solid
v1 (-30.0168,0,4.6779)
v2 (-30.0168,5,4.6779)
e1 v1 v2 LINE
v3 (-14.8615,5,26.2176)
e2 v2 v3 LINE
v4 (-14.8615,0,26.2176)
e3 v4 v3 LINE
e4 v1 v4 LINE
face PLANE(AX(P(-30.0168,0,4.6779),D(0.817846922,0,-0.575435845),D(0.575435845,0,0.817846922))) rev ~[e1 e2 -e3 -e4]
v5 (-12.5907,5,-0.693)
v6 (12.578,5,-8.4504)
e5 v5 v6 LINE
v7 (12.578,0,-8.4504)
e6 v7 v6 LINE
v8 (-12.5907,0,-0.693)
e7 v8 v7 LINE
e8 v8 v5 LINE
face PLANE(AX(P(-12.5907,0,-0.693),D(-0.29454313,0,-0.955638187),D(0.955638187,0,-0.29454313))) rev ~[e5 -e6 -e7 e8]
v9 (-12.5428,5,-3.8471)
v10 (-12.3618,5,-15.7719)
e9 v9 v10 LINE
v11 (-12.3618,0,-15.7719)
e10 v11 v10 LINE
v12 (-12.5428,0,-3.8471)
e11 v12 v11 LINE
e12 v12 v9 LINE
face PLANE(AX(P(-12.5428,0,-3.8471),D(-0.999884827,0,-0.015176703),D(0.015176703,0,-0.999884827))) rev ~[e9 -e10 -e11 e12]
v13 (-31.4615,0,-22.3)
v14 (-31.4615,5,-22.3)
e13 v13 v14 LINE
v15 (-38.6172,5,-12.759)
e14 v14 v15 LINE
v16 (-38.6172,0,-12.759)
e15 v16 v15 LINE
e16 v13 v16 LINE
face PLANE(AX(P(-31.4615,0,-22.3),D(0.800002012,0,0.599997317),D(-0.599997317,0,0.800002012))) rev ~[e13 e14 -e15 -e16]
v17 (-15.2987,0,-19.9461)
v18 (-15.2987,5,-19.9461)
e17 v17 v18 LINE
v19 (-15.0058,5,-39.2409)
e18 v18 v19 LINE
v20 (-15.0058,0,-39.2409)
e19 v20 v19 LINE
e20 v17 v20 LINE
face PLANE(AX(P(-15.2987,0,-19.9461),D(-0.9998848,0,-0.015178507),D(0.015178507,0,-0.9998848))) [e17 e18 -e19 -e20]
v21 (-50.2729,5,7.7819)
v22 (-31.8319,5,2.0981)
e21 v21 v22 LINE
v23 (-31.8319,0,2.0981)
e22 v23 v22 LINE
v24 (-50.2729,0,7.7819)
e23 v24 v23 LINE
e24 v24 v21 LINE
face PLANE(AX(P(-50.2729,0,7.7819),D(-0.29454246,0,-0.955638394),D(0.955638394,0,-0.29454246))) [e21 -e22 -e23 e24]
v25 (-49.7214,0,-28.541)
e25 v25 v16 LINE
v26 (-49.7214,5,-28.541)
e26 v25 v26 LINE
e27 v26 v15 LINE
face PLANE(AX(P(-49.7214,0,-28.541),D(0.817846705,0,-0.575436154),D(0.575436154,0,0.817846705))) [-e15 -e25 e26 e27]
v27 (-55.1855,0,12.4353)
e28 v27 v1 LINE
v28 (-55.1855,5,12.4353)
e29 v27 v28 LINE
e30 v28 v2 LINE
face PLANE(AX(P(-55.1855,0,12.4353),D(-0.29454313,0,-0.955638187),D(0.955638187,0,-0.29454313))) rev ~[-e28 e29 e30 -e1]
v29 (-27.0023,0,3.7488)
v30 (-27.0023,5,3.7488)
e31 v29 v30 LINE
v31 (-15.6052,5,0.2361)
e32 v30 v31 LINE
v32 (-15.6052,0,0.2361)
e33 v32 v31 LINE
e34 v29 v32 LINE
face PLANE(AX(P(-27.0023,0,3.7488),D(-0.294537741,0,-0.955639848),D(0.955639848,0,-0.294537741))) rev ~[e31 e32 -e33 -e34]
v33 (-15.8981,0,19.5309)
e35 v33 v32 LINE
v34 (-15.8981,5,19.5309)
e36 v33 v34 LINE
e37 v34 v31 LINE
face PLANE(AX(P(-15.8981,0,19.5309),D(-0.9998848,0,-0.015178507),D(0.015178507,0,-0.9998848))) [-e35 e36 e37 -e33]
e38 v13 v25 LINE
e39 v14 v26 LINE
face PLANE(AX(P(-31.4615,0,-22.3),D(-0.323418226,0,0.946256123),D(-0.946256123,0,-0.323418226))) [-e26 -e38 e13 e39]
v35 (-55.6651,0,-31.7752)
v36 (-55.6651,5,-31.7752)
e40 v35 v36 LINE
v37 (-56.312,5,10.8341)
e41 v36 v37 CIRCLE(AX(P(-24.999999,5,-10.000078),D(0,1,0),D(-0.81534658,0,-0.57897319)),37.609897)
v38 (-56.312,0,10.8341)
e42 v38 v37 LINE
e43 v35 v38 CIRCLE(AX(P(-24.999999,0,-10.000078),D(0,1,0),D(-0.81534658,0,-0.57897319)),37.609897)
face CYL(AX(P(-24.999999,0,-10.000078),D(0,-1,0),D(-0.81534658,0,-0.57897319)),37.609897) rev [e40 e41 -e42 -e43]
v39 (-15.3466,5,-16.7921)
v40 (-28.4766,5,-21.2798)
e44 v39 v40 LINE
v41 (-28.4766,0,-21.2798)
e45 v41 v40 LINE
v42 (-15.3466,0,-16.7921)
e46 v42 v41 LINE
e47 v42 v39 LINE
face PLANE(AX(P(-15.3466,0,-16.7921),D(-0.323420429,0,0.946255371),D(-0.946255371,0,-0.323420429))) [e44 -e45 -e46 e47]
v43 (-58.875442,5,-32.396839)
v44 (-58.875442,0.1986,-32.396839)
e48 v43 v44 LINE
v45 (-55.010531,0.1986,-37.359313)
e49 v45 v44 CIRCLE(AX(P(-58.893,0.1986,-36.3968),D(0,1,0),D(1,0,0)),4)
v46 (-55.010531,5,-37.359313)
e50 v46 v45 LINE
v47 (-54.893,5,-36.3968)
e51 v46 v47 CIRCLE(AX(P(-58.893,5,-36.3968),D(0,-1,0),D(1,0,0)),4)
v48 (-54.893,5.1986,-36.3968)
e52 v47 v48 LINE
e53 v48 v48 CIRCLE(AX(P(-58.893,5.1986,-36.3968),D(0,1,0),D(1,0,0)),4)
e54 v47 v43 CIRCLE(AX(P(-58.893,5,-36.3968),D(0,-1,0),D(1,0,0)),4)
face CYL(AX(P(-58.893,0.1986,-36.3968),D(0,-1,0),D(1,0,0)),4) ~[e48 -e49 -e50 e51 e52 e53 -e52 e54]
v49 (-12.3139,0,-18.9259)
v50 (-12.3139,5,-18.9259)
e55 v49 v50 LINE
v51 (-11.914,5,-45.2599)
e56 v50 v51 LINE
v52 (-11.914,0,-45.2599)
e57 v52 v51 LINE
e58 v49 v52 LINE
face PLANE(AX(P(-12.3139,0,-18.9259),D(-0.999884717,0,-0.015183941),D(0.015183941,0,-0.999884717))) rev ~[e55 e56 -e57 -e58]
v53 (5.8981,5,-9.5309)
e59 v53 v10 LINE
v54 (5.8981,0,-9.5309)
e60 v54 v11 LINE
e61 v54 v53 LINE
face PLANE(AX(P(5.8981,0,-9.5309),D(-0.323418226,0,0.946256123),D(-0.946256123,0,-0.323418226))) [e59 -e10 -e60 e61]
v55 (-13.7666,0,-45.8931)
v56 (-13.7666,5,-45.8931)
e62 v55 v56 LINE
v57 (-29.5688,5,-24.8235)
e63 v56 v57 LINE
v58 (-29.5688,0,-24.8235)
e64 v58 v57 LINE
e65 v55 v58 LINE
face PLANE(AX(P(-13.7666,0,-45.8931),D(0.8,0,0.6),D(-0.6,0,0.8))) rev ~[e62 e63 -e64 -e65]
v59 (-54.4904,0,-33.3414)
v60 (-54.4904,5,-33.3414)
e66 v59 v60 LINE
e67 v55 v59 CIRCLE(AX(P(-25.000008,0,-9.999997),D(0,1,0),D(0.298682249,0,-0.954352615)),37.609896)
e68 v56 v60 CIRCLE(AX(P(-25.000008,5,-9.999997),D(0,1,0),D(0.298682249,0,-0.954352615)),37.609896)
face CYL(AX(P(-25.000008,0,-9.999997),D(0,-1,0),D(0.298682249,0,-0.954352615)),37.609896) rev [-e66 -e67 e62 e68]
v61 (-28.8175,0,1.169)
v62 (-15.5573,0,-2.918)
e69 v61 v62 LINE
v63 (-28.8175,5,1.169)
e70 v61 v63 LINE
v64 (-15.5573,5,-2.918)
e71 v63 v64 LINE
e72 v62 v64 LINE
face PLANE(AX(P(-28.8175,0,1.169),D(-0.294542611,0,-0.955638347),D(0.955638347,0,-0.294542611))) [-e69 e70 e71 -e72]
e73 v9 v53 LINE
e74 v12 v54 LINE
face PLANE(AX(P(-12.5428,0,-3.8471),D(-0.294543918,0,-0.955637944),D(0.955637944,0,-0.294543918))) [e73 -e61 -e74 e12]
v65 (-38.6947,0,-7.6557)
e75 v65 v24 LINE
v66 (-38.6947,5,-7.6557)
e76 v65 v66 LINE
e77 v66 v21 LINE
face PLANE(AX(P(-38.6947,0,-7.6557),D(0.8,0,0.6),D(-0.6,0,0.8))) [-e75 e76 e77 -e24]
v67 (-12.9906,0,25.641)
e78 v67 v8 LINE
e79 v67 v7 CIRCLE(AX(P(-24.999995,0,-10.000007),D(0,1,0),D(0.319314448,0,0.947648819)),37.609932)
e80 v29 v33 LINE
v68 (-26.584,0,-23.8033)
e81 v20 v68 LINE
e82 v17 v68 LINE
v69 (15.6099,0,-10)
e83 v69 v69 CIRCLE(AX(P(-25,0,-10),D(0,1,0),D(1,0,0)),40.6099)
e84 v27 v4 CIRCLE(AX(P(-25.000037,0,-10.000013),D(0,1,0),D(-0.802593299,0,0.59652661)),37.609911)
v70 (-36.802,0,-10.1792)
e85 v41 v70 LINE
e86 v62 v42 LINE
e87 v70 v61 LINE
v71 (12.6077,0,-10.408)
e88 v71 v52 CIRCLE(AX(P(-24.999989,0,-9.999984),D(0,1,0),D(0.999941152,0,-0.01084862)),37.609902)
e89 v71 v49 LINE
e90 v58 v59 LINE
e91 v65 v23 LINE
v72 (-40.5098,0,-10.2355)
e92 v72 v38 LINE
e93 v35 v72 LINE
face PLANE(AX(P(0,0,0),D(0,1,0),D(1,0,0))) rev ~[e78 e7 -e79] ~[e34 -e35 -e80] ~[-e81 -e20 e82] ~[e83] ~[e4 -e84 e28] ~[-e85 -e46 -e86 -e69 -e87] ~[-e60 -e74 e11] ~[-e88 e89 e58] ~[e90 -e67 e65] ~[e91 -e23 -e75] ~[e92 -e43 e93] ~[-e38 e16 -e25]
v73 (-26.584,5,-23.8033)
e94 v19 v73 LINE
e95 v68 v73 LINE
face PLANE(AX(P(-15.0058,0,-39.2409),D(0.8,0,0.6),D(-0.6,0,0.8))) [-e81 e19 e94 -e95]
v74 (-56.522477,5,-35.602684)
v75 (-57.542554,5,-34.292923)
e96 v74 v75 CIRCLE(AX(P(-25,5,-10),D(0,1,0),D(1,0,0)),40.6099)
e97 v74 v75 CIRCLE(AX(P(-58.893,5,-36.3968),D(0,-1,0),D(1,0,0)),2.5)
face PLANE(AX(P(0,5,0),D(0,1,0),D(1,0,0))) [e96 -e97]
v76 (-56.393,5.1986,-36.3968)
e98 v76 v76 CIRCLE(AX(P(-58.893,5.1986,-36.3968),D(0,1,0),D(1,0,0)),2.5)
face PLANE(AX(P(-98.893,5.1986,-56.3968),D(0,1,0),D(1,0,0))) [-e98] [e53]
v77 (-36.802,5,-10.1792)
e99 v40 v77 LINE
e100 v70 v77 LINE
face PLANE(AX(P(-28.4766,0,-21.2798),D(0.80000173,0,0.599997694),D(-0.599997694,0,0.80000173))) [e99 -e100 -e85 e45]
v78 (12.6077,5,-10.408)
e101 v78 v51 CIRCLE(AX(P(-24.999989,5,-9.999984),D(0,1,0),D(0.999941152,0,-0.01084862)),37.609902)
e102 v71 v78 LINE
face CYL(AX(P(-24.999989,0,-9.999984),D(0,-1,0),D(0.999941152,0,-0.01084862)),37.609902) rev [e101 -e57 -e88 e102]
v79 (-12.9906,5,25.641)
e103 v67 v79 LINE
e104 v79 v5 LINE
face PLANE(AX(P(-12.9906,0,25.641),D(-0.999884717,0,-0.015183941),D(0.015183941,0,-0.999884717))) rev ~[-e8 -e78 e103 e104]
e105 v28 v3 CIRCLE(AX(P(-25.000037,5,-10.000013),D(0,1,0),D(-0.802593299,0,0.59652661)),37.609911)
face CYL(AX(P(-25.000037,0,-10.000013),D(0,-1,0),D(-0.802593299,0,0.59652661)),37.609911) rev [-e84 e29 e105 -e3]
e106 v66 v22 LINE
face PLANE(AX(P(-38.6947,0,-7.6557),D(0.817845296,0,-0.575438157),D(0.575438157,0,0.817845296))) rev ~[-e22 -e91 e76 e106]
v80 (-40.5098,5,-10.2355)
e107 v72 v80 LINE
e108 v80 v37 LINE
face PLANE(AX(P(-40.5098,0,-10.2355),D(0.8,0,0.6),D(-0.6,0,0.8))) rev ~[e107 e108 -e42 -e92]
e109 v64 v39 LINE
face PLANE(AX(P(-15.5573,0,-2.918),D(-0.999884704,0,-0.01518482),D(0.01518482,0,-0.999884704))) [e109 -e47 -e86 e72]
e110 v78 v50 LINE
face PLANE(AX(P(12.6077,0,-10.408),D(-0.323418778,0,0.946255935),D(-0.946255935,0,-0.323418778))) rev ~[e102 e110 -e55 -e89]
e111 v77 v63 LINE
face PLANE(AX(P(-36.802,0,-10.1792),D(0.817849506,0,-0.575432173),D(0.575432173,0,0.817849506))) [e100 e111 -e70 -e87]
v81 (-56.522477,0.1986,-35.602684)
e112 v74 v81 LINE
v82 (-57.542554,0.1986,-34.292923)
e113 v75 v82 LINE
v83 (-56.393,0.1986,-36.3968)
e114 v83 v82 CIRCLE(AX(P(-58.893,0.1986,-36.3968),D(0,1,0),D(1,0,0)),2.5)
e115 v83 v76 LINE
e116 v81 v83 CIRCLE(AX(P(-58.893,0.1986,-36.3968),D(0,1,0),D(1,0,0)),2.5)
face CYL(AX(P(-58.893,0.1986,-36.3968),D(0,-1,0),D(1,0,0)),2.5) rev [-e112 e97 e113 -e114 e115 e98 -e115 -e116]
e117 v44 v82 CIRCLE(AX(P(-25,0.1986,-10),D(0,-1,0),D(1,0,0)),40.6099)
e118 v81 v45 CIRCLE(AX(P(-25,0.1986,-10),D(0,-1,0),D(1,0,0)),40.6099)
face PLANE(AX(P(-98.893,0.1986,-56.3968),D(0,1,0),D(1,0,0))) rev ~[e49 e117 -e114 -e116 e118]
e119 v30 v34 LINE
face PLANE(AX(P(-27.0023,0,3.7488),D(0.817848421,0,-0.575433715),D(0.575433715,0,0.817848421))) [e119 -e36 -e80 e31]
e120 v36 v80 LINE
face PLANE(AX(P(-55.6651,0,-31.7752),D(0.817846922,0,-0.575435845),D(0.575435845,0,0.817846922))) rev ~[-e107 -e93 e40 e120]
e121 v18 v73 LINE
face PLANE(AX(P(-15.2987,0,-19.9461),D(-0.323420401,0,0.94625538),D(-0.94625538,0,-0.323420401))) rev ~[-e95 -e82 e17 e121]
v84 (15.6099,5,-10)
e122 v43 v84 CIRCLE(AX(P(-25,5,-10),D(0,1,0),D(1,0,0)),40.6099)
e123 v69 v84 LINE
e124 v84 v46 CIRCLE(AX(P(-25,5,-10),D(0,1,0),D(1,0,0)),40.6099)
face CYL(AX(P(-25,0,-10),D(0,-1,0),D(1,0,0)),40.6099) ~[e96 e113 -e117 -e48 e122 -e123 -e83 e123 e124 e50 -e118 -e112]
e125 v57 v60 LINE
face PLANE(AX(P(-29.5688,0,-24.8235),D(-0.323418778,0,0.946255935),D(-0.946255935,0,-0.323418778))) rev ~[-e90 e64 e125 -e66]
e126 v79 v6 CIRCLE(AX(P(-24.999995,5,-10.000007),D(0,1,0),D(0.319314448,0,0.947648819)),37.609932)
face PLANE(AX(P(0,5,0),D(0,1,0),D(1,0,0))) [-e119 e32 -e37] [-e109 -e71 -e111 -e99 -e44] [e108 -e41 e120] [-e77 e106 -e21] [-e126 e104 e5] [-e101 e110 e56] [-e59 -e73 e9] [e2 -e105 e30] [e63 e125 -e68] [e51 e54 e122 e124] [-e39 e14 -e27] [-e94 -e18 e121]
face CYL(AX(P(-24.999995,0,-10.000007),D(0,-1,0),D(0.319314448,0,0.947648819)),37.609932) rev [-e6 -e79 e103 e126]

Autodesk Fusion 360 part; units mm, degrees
sketch "草图1" plane through (0, 0, 0) normal (0, 1, 0) x (1, 0, 0)
  point P0 (-25, 10)
sketch "草图2" plane through (0, 0, 0) normal (0, 1, 0) x (1, 0, 0)
  circle A0 centre (-25, 10) radius 40.6099
  line L0 (-13.7666, 45.8931) -> (-29.5688, 24.8235)
  line L1 (-15.0058, 39.2409) -> (-26.584, 23.8033)
  line L2 (-29.5688, 24.8235) -> (-54.4904, 33.3414)
  line L3 (-31.4615, 22.3) -> (-49.7214, 28.541)
  line L4 (-49.7214, 28.541) -> (-38.6172, 12.759)
  line L5 (-31.4615, 22.3) -> (-38.6172, 12.759)
  line L6 (-40.5098, 10.2355) -> (-56.312, -10.8341)
  line L7 (-55.6651, 31.7752) -> (-40.5098, 10.2355)
  line L8 (-28.4766, 21.2798) -> (-36.802, 10.1792)
  line L9 (-38.6947, 7.6557) -> (-50.2729, -7.7819)
  line L10 (-50.2729, -7.7819) -> (-31.8319, -2.0981)
  line L11 (-38.6947, 7.6557) -> (-31.8319, -2.0981)
  line L12 (-30.0168, -4.6779) -> (-14.8615, -26.2176)
  line L13 (-55.1855, -12.4353) -> (-30.0168, -4.6779)
  line L14 (-36.802, 10.1792) -> (-28.8175, -1.169)
  line L15 (-27.0023, -3.7488) -> (-15.8981, -19.5309)
  line L16 (-15.8981, -19.5309) -> (-15.6052, -0.2361)
  line L17 (-28.8175, -1.169) -> (-15.5573, 2.918)
  line L18 (-12.5428, 3.8471) -> (5.8981, 9.5309)
  line L19 (-12.9906, -25.641) -> (-12.5907, 0.693)
  line L20 (-27.0023, -3.7488) -> (-15.6052, -0.2361)
  line L21 (-12.5907, 0.693) -> (12.578, 8.4504)
  line L22 (5.8981, 9.5309) -> (-12.3618, 15.7719)
  line L23 (-15.3466, 16.7921) -> (-28.4766, 21.2798)
  line L24 (12.6077, 10.408) -> (-12.3139, 18.9259)
  line L25 (-15.2987, 19.9461) -> (-26.584, 23.8033)
  line L26 (-15.5573, 2.918) -> (-15.3466, 16.7921)
  line L27 (-15.2987, 19.9461) -> (-15.0058, 39.2409)
  line L28 (-12.5428, 3.8471) -> (-12.3618, 15.7719)
  line L29 (-12.3139, 18.9259) -> (-11.914, 45.2599)
  arc A1 (-13.7666, 45.8931) -> (-54.4904, 33.3414) centre (-25, 10) ccw
  arc A2 (-55.6651, 31.7752) -> (-56.312, -10.8341) centre (-25, 10) ccw
  arc A3 (-55.1855, -12.4353) -> (-14.8615, -26.2176) centre (-25, 10) ccw
  arc A4 (-12.9906, -25.641) -> (12.578, 8.4504) centre (-25, 10) ccw
  arc A5 (12.6077, 10.408) -> (-11.914, 45.2599) centre (-25, 10) ccw
  point P0 (-15.0058, 39.2409)
  point P1 (-50.2729, -7.7819)
  point P2 (5.8981, 9.5309)
  point P3 (-49.7214, 28.541)
  point P4 (-25, 10)
extrude "拉伸1" add sketch "草图2" along normal blind 5 makes body 1
sketch "草图3" plane through (0, 0, 0) normal (0, 1, 0) x (1, 0, 0)
sketch "草图4" plane through (0, 0, 0) normal (0, 1, 0) x (1, 0, 0)
sketch "草图5" plane through (0, 0, 0) normal (0, 1, 0) x (1, 0, 0)
sketch "草图6" plane through (0, 0, 0) normal (0, 1, 0) x (1, 0, 0)
  circle A0 centre (40, -20) radius 2.5
  circle A1 centre (40, -20) radius 4
  dimension "d5" = 5
  dimension "d6" = 8
extrude "拉伸2" add sketch "草图6" along normal blind 5 separate body makes body 2
move_body "移动1" bodies 2 to x (1, 0, 0) y (0, 1, 0) z (0, 0, 1) at (-108.6235, 0.1986, -28.1984)
move_body "移动2" bodies 2 to x (1, 0, 0) y (0, 1, 0) z (0, 0, 1) at (9.1347, 0, -27.4041)
move_body "移动3" bodies 2 to x (1, 0, 0) y (0, 1, 0) z (0, 0, 1) at (-0.1986, 0, -0.9929)
move_body "移动4" bodies 2 to x (1, 0, 0) y (0, 1, 0) z (0, 0, 1) at (0.3972, 0, 0.7943)
move_body "移动5" bodies 2 to x (1, 0, 0) y (0, 1, 0) z (0, 0, 1) at (0.3972, 0, 0)
move_body "移动6" bodies 2 to x (1, 0, 0) y (0, 1, 0) z (0, 0, 1) at (-0.7943, 0, 0)
move_body "移动7" bodies 2 to x (1, 0, 0) y (0, 1, 0) z (0, 0, 1) at (0.7943, 0, -0.5957)
combine "合并1" operation add target body 1 tool bodies 2
